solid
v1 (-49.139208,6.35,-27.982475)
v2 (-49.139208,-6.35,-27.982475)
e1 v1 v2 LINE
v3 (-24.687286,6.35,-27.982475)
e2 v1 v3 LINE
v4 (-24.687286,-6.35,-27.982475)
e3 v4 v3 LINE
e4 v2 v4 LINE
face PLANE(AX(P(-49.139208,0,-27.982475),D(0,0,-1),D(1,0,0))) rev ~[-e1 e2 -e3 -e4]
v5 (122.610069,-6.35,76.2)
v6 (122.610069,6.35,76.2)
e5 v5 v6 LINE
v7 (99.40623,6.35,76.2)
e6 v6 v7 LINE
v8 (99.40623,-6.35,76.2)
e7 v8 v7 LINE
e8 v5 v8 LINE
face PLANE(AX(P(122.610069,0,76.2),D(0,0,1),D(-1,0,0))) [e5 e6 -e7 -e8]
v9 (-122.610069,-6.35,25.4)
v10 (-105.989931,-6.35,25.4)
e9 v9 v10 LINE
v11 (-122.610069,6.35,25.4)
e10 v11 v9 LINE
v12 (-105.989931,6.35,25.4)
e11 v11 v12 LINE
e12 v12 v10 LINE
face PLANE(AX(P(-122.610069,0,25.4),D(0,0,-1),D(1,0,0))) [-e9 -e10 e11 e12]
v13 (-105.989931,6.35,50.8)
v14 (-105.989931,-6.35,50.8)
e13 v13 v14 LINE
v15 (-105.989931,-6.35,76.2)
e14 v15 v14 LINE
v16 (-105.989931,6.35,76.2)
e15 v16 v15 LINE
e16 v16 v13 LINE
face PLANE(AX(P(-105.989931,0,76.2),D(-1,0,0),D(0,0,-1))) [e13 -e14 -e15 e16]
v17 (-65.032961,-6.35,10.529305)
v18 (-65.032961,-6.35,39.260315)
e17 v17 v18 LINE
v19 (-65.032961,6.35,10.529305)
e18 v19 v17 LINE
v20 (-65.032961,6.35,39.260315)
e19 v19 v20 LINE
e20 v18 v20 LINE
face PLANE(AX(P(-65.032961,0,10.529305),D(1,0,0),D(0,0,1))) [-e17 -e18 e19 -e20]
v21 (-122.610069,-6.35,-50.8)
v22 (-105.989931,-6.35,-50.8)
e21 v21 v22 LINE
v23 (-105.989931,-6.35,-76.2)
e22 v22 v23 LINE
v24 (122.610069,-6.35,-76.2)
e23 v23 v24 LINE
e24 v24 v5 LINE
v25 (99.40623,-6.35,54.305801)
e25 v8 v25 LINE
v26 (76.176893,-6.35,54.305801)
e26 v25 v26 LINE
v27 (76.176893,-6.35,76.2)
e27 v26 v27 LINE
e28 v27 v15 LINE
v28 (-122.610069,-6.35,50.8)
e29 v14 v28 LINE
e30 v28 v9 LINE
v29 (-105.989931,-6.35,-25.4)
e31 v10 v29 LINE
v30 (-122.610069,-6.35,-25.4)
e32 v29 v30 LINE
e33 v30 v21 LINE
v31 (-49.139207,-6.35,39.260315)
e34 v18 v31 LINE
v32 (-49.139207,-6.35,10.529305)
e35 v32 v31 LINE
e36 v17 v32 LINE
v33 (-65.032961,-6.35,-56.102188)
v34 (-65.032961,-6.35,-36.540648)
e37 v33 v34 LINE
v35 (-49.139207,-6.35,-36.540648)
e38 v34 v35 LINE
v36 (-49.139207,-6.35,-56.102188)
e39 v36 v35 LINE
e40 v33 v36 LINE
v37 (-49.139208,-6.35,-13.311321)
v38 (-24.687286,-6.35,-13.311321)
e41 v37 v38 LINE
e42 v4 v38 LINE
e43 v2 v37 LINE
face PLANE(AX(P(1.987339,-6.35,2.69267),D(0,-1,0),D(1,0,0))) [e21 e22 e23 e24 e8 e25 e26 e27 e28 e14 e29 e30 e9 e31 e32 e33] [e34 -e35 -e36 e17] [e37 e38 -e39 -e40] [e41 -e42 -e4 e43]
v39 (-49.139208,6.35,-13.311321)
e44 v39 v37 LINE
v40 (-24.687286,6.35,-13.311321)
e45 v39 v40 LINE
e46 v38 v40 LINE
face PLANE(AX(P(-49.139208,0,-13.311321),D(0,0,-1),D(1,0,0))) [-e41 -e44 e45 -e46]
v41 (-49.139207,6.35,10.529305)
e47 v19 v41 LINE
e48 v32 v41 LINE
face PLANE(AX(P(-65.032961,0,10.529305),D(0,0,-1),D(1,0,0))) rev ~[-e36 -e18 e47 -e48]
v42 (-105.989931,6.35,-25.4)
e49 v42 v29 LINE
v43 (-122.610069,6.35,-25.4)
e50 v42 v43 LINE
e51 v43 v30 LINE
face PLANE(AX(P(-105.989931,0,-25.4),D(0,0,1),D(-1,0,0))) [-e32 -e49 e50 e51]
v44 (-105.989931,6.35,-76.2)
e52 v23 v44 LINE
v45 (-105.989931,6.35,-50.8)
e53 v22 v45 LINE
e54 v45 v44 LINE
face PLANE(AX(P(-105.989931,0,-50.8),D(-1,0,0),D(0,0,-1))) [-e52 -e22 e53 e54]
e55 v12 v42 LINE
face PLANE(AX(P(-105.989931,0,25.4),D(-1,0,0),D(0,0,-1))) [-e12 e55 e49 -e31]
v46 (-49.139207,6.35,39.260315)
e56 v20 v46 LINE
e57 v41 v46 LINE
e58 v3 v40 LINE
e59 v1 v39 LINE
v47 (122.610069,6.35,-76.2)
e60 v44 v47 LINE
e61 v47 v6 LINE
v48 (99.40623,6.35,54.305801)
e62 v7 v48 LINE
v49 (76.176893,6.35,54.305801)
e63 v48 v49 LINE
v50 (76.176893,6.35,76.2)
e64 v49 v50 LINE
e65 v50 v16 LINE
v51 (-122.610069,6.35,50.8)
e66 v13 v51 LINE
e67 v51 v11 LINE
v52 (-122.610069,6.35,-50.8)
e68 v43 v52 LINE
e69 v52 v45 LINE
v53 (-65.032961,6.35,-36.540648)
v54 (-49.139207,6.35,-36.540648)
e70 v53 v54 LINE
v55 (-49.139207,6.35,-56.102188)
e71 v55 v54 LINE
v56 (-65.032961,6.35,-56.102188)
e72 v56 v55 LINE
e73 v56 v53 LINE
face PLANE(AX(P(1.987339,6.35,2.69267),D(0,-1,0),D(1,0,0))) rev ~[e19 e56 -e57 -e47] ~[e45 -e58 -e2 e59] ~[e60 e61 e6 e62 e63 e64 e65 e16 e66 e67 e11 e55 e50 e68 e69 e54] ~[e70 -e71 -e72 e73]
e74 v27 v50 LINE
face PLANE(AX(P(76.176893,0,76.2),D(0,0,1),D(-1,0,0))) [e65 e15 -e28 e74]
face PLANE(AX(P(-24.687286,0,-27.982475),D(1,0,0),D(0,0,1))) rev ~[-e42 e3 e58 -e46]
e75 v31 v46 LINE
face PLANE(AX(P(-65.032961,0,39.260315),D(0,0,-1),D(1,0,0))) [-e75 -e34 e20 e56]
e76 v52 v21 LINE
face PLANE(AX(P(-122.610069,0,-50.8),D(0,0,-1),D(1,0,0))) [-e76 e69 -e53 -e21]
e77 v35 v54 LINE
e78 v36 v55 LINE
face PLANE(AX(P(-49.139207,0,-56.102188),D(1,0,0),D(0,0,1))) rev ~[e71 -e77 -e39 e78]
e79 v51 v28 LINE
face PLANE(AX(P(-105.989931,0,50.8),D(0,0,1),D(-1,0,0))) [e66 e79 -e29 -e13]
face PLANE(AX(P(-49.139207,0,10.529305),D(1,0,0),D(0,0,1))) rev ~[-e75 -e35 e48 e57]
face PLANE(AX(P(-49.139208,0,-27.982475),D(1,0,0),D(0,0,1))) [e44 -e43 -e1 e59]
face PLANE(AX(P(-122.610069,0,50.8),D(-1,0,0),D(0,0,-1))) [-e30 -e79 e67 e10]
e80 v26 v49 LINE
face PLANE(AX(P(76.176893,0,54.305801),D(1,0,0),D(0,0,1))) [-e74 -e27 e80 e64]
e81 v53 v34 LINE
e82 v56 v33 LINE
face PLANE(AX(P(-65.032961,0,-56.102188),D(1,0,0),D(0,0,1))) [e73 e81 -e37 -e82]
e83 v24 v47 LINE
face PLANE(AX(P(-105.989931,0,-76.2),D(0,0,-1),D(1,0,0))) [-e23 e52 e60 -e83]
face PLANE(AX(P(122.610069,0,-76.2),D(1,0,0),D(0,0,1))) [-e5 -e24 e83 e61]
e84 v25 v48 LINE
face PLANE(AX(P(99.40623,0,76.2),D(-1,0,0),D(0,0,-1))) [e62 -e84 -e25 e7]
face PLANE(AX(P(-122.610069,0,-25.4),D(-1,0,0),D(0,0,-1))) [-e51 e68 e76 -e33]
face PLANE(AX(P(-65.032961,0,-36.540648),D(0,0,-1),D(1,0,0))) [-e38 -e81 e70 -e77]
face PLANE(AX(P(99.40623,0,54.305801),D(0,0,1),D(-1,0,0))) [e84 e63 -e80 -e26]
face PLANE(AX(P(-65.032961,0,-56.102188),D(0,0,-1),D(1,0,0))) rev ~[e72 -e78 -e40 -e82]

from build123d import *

# Parameters (mm, degrees)
F0_W     = 15.893753
F0_H     = 19.56154
F0_W_2   = 24.451922
F0_H_2   = 14.671155
F0_H_3   = 28.731011
F1_DEPTH = 6.35


with BuildPart() as f1:
    # F0 (on Front) → F1 (new body, symmetric)
    with BuildSketch(Plane.XZ):
        Polygon((76.176893, 76.2), (-105.989931, 76.2), (-105.989931, 50.8), (-122.610069, 50.8), (-122.610069, 25.4), (-105.989931, 25.4), (-105.989931, -25.4), (-122.610069, -25.4), (-122.610069, -50.8), (-105.989931, -50.8), (-105.989931, -76.2), (122.610069, -76.2), (122.610069, 76.2), (99.40623, 76.2), (99.40623, 54.305801), (76.176893, 54.305801), align=None)
        with Locations((-57.086084, -46.321418)):
            Rectangle(F0_W, F0_H, mode=Mode.SUBTRACT)
        with Locations((-36.913247, -20.646898)):
            Rectangle(F0_W_2, F0_H_2, mode=Mode.SUBTRACT)
        with Locations((-57.086084, 24.89481)):
            Rectangle(F0_W, F0_H_3, mode=Mode.SUBTRACT)
    extrude(amount=F1_DEPTH, both=True)


solid = f1.part
